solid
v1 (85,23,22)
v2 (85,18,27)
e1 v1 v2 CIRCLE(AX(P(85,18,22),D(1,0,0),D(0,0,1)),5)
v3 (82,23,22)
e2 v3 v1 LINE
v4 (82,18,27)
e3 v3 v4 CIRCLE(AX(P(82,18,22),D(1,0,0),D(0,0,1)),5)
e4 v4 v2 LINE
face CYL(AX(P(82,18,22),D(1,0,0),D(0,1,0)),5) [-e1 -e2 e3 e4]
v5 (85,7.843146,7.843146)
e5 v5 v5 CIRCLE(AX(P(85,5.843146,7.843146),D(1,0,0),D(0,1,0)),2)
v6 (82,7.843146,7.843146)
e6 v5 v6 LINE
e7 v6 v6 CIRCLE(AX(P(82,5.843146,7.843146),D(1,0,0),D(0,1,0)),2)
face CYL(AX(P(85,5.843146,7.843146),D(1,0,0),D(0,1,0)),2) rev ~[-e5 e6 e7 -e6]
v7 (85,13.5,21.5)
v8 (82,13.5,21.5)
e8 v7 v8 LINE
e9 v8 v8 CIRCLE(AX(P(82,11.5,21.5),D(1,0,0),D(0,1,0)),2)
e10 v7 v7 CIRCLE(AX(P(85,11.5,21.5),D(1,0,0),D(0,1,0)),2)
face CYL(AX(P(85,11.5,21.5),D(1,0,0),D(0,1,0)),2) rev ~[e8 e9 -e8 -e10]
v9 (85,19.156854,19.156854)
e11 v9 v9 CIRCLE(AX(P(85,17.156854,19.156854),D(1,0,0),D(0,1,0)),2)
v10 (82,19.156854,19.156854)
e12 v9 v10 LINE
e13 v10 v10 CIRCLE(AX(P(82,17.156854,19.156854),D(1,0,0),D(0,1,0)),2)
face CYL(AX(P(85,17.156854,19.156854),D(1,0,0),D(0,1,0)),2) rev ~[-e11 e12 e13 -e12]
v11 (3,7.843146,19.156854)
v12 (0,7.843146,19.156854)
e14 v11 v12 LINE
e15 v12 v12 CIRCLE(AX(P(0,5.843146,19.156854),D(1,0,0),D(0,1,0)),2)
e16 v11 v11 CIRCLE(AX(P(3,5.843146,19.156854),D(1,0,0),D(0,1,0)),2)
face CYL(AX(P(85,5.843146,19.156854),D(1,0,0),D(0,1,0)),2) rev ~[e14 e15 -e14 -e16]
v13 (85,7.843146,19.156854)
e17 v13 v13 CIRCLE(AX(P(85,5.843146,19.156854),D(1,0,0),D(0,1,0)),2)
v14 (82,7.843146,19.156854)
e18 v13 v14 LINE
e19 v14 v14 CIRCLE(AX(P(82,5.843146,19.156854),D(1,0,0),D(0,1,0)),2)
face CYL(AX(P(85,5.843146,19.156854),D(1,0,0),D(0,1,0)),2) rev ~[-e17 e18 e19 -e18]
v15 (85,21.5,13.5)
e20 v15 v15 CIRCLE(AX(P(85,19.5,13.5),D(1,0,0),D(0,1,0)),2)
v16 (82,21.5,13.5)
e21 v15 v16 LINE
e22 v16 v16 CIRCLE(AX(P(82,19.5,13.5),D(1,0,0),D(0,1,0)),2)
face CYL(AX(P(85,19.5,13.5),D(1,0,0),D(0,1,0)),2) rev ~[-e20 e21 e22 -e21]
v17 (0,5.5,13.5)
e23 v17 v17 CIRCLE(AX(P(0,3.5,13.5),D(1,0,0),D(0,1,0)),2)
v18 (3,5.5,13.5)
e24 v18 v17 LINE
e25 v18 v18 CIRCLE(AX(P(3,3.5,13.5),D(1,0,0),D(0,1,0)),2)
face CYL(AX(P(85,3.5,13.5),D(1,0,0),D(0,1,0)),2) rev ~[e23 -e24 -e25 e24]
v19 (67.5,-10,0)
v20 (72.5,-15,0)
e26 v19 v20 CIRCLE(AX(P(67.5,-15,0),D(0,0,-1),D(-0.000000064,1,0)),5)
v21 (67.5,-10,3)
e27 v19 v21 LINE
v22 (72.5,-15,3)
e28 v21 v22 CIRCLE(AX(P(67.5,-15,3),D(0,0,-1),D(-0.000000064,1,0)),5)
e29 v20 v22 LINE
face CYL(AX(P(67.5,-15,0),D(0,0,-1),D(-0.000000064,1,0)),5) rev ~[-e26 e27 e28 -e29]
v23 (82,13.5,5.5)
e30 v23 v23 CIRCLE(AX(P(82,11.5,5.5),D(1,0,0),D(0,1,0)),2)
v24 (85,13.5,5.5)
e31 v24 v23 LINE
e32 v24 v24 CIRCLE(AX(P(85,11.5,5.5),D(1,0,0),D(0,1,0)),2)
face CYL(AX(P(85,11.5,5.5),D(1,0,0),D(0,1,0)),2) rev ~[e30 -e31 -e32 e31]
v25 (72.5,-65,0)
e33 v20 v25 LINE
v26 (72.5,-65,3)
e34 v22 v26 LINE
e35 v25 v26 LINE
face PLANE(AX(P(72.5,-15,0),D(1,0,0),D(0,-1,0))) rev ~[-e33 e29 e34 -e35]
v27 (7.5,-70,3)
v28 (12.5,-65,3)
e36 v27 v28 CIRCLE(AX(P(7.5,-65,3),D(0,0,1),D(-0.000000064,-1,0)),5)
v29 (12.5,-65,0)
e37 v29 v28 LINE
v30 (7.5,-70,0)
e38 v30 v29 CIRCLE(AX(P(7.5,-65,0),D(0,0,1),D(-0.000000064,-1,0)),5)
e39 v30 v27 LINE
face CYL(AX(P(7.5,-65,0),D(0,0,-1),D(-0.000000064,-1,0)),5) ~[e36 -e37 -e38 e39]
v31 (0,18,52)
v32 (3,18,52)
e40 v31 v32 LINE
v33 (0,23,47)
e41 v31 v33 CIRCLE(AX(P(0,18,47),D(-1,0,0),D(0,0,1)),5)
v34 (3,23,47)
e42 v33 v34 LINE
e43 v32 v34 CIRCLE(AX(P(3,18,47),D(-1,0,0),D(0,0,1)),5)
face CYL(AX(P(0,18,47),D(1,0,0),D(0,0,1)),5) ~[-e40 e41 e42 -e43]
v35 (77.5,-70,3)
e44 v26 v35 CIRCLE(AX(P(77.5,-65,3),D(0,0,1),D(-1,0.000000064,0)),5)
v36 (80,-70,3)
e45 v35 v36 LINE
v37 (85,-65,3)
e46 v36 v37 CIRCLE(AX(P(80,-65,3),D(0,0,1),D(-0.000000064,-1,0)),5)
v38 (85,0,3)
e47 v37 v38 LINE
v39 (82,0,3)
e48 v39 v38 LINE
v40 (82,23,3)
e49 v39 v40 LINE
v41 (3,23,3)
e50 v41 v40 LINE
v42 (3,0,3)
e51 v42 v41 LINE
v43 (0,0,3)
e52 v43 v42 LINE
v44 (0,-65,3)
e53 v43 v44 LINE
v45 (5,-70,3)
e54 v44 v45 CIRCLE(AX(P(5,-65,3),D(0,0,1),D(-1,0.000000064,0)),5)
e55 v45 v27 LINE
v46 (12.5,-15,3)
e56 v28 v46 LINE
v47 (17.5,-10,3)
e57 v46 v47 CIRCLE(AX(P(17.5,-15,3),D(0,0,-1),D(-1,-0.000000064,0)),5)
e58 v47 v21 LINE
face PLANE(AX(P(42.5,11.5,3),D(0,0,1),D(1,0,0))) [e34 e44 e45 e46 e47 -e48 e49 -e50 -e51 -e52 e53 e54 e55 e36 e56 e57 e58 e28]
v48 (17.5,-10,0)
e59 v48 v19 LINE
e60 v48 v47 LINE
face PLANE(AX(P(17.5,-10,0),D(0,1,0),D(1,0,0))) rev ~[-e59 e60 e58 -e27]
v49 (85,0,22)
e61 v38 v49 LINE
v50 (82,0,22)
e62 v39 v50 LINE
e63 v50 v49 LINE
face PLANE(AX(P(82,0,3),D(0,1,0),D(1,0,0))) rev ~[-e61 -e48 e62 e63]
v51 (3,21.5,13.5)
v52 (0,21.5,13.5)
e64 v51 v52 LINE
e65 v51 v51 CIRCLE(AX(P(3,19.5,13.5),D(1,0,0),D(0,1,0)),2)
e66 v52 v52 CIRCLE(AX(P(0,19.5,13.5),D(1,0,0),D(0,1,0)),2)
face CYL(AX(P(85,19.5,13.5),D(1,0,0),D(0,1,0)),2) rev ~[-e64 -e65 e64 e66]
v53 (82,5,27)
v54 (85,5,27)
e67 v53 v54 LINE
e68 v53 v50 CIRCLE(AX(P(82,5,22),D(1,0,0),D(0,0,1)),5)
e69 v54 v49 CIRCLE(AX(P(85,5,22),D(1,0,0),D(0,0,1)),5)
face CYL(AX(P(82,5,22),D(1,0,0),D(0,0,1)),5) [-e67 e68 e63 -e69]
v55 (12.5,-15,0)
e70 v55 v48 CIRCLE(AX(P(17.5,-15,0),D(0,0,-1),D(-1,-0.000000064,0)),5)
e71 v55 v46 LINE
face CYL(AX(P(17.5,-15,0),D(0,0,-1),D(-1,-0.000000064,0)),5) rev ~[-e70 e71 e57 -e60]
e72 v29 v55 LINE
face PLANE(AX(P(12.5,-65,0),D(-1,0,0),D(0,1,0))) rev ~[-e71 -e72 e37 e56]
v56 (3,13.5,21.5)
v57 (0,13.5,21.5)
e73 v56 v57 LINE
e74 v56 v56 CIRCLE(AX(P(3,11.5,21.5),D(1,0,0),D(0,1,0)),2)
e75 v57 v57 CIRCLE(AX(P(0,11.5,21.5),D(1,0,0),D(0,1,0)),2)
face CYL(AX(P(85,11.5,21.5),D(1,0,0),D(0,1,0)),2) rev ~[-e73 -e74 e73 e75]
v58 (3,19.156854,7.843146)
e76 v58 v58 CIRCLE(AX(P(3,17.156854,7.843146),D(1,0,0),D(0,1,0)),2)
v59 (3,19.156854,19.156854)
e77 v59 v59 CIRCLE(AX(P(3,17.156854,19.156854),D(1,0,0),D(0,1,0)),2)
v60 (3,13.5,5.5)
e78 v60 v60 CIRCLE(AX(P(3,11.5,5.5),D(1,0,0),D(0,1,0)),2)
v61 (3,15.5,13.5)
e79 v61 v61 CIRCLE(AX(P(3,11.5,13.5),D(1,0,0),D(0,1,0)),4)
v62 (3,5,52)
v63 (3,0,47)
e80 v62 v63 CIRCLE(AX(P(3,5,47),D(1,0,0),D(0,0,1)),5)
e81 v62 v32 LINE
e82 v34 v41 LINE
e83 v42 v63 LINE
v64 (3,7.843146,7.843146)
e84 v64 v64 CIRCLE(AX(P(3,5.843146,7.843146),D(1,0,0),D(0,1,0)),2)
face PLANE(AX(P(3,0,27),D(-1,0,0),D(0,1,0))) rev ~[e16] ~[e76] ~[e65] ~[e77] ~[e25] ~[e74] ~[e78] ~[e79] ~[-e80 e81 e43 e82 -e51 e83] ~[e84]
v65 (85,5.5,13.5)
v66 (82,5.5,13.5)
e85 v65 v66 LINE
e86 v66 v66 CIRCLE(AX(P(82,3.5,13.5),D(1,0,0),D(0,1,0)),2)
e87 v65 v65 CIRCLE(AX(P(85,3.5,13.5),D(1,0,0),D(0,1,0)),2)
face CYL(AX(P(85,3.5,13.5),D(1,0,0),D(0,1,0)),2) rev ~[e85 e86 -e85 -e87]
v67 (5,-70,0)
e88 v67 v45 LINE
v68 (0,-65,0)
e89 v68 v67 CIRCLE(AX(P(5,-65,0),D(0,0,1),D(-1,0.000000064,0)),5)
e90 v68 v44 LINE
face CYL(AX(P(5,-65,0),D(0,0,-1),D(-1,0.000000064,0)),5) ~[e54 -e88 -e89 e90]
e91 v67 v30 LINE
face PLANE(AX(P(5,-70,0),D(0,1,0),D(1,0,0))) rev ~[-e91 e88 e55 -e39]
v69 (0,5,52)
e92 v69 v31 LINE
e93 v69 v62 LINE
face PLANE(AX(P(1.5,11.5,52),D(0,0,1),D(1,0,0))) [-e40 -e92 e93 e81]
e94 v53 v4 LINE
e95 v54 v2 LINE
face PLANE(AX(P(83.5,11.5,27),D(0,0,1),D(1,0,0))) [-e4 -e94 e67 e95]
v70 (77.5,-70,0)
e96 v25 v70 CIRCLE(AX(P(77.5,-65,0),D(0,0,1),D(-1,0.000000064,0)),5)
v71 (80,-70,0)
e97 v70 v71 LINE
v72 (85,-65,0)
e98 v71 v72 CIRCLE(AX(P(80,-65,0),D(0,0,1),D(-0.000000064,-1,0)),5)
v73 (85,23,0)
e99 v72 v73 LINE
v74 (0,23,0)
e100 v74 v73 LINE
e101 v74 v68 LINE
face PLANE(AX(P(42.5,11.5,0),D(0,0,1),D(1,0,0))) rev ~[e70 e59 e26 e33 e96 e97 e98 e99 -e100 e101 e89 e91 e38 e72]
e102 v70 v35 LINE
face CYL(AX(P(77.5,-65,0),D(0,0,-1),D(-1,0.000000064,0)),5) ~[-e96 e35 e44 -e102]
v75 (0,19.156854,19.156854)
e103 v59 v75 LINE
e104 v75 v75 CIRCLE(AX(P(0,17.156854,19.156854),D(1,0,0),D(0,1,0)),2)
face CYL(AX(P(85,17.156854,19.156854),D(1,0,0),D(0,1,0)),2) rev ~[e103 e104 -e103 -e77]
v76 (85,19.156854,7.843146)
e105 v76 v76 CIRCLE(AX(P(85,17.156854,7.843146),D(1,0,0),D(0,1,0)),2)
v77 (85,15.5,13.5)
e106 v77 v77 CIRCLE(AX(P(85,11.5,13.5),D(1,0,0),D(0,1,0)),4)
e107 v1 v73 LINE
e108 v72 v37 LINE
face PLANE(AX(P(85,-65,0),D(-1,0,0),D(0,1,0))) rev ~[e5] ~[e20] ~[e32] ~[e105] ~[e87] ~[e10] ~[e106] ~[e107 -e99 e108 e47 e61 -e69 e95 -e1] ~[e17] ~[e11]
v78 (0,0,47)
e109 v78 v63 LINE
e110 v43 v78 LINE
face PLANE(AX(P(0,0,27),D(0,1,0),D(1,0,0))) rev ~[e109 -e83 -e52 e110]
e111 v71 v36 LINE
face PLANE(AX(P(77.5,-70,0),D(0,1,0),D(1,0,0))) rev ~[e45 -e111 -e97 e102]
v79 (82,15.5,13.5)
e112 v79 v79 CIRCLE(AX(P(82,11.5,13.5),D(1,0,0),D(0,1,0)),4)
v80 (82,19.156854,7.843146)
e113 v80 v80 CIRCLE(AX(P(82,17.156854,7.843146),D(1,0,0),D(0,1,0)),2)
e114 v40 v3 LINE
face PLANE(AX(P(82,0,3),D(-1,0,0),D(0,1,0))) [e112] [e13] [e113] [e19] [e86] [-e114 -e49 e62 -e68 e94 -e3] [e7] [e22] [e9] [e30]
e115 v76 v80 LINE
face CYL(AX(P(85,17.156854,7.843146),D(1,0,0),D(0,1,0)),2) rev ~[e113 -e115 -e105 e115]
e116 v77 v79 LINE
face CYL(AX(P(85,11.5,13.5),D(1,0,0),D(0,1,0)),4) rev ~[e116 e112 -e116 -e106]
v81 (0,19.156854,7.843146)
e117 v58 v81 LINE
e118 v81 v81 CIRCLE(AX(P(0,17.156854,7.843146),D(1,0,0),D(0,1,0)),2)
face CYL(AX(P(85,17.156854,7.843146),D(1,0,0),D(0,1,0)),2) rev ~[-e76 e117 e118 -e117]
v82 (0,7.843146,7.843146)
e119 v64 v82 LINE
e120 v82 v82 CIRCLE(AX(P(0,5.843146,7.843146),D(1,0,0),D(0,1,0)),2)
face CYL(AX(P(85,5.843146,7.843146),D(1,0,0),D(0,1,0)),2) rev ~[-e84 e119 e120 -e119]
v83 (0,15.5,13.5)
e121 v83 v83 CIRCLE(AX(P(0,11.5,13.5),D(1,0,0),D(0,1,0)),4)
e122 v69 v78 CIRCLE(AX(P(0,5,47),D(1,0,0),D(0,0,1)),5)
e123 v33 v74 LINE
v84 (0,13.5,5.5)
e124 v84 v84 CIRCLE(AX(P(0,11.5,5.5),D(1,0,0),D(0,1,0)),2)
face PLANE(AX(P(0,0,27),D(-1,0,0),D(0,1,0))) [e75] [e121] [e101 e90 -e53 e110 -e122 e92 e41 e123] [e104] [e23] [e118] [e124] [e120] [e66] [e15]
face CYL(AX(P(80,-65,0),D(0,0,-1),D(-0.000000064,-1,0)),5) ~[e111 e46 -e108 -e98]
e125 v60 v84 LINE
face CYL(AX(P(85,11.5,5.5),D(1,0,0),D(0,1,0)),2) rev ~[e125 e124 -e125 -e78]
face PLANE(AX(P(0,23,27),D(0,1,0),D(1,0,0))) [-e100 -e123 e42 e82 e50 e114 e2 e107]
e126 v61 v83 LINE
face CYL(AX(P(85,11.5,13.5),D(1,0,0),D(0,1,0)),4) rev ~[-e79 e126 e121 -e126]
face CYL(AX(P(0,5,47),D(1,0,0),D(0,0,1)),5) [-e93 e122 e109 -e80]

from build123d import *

# Parameters (mm, degrees)
F0_W     = 85
F0_H     = 23
F1_DEPTH = 3
F2_W     = 3
F2_H     = 23
F3_DEPTH = 24
F4_W     = 3
F4_H     = 23
F5_DEPTH = 25
F6_R     = 4
F6_R_2   = 2
F7_DEPTH = 250
F8_R     = 5


with BuildPart() as f1:
    # F0 (on Top) → F1 (new body)
    with BuildSketch(Plane.XY):
        with Locations((42.5, 11.5)):
            Rectangle(F0_W, F0_H)
        with BuildLine():
            Line((85, 0), (0, 0))
            Line((0, 0), (0, -10))
            Line((0, -10), (0, -65))
            ThreePointArc((0, -65), (1.464466, -68.535534), (5, -70))
            Line((5, -70), (7.5, -70))
            ThreePointArc((7.5, -70), (11.035534, -68.535534), (12.5, -65))
            Line((12.5, -65), (12.5, -15))
            ThreePointArc((12.5, -15), (13.964466, -11.464466), (17.5, -10))
            Line((17.5, -10), (67.5, -10))
            ThreePointArc((67.5, -10), (71.035534, -11.464466), (72.5, -15))
            Line((72.5, -15), (72.5, -65))
            ThreePointArc((72.5, -65), (73.964466, -68.535534), (77.5, -70))
            Line((77.5, -70), (80, -70))
            ThreePointArc((80, -70), (83.535534, -68.535534), (85, -65))
            Line((85, -65), (85, -10))
            Line((85, -10), (85, 0))
        make_face()
    extrude(amount=F1_DEPTH)

    # F2 (on face) → F3 (join)
    with BuildSketch(Plane.XY.offset(3)):
        with Locations((1.5, 11.5)):
            Rectangle(F2_W, F2_H)
        with Locations((83.5, 11.5)):
            Rectangle(F2_W, F2_H)
    extrude(amount=F3_DEPTH)

    # F4 (on face) → F5 (join)
    with BuildSketch(Plane.XY.offset(27)):
        with Locations((1.5, 11.5)):
            Rectangle(F4_W, F4_H)
    extrude(amount=F5_DEPTH)

    # F6 (on face) → F7 (cut)
    with BuildSketch(Plane.YZ.offset(85)):
        with Locations((11.5, 13.5)):
            Circle(F6_R)
        with Locations((5.843146, 19.156854)):
            Circle(F6_R_2)
        with Locations((11.5, 21.5)):
            Circle(F6_R_2)
        with Locations((17.156854, 19.156854)):
            Circle(F6_R_2)
        with Locations((19.5, 13.5)):
            Circle(F6_R_2)
        with Locations((17.156854, 7.843146)):
            Circle(F6_R_2)
        with Locations((11.5, 5.5)):
            Circle(F6_R_2)
        with Locations((5.843146, 7.843146)):
            Circle(F6_R_2)
        with Locations((3.5, 13.5)):
            Circle(F6_R_2)
    extrude(amount=-F7_DEPTH, mode=Mode.SUBTRACT)

    # F8
    f8_edges = [f1.edges().sort_by_distance(p)[0] for p in [
        (1.5, 23, 52),
        (1.5, 0, 52),
        (83.5, 23, 27),
        (83.5, 0, 27),
    ]]
    fillet(f8_edges, radius=F8_R)


solid = f1.part
